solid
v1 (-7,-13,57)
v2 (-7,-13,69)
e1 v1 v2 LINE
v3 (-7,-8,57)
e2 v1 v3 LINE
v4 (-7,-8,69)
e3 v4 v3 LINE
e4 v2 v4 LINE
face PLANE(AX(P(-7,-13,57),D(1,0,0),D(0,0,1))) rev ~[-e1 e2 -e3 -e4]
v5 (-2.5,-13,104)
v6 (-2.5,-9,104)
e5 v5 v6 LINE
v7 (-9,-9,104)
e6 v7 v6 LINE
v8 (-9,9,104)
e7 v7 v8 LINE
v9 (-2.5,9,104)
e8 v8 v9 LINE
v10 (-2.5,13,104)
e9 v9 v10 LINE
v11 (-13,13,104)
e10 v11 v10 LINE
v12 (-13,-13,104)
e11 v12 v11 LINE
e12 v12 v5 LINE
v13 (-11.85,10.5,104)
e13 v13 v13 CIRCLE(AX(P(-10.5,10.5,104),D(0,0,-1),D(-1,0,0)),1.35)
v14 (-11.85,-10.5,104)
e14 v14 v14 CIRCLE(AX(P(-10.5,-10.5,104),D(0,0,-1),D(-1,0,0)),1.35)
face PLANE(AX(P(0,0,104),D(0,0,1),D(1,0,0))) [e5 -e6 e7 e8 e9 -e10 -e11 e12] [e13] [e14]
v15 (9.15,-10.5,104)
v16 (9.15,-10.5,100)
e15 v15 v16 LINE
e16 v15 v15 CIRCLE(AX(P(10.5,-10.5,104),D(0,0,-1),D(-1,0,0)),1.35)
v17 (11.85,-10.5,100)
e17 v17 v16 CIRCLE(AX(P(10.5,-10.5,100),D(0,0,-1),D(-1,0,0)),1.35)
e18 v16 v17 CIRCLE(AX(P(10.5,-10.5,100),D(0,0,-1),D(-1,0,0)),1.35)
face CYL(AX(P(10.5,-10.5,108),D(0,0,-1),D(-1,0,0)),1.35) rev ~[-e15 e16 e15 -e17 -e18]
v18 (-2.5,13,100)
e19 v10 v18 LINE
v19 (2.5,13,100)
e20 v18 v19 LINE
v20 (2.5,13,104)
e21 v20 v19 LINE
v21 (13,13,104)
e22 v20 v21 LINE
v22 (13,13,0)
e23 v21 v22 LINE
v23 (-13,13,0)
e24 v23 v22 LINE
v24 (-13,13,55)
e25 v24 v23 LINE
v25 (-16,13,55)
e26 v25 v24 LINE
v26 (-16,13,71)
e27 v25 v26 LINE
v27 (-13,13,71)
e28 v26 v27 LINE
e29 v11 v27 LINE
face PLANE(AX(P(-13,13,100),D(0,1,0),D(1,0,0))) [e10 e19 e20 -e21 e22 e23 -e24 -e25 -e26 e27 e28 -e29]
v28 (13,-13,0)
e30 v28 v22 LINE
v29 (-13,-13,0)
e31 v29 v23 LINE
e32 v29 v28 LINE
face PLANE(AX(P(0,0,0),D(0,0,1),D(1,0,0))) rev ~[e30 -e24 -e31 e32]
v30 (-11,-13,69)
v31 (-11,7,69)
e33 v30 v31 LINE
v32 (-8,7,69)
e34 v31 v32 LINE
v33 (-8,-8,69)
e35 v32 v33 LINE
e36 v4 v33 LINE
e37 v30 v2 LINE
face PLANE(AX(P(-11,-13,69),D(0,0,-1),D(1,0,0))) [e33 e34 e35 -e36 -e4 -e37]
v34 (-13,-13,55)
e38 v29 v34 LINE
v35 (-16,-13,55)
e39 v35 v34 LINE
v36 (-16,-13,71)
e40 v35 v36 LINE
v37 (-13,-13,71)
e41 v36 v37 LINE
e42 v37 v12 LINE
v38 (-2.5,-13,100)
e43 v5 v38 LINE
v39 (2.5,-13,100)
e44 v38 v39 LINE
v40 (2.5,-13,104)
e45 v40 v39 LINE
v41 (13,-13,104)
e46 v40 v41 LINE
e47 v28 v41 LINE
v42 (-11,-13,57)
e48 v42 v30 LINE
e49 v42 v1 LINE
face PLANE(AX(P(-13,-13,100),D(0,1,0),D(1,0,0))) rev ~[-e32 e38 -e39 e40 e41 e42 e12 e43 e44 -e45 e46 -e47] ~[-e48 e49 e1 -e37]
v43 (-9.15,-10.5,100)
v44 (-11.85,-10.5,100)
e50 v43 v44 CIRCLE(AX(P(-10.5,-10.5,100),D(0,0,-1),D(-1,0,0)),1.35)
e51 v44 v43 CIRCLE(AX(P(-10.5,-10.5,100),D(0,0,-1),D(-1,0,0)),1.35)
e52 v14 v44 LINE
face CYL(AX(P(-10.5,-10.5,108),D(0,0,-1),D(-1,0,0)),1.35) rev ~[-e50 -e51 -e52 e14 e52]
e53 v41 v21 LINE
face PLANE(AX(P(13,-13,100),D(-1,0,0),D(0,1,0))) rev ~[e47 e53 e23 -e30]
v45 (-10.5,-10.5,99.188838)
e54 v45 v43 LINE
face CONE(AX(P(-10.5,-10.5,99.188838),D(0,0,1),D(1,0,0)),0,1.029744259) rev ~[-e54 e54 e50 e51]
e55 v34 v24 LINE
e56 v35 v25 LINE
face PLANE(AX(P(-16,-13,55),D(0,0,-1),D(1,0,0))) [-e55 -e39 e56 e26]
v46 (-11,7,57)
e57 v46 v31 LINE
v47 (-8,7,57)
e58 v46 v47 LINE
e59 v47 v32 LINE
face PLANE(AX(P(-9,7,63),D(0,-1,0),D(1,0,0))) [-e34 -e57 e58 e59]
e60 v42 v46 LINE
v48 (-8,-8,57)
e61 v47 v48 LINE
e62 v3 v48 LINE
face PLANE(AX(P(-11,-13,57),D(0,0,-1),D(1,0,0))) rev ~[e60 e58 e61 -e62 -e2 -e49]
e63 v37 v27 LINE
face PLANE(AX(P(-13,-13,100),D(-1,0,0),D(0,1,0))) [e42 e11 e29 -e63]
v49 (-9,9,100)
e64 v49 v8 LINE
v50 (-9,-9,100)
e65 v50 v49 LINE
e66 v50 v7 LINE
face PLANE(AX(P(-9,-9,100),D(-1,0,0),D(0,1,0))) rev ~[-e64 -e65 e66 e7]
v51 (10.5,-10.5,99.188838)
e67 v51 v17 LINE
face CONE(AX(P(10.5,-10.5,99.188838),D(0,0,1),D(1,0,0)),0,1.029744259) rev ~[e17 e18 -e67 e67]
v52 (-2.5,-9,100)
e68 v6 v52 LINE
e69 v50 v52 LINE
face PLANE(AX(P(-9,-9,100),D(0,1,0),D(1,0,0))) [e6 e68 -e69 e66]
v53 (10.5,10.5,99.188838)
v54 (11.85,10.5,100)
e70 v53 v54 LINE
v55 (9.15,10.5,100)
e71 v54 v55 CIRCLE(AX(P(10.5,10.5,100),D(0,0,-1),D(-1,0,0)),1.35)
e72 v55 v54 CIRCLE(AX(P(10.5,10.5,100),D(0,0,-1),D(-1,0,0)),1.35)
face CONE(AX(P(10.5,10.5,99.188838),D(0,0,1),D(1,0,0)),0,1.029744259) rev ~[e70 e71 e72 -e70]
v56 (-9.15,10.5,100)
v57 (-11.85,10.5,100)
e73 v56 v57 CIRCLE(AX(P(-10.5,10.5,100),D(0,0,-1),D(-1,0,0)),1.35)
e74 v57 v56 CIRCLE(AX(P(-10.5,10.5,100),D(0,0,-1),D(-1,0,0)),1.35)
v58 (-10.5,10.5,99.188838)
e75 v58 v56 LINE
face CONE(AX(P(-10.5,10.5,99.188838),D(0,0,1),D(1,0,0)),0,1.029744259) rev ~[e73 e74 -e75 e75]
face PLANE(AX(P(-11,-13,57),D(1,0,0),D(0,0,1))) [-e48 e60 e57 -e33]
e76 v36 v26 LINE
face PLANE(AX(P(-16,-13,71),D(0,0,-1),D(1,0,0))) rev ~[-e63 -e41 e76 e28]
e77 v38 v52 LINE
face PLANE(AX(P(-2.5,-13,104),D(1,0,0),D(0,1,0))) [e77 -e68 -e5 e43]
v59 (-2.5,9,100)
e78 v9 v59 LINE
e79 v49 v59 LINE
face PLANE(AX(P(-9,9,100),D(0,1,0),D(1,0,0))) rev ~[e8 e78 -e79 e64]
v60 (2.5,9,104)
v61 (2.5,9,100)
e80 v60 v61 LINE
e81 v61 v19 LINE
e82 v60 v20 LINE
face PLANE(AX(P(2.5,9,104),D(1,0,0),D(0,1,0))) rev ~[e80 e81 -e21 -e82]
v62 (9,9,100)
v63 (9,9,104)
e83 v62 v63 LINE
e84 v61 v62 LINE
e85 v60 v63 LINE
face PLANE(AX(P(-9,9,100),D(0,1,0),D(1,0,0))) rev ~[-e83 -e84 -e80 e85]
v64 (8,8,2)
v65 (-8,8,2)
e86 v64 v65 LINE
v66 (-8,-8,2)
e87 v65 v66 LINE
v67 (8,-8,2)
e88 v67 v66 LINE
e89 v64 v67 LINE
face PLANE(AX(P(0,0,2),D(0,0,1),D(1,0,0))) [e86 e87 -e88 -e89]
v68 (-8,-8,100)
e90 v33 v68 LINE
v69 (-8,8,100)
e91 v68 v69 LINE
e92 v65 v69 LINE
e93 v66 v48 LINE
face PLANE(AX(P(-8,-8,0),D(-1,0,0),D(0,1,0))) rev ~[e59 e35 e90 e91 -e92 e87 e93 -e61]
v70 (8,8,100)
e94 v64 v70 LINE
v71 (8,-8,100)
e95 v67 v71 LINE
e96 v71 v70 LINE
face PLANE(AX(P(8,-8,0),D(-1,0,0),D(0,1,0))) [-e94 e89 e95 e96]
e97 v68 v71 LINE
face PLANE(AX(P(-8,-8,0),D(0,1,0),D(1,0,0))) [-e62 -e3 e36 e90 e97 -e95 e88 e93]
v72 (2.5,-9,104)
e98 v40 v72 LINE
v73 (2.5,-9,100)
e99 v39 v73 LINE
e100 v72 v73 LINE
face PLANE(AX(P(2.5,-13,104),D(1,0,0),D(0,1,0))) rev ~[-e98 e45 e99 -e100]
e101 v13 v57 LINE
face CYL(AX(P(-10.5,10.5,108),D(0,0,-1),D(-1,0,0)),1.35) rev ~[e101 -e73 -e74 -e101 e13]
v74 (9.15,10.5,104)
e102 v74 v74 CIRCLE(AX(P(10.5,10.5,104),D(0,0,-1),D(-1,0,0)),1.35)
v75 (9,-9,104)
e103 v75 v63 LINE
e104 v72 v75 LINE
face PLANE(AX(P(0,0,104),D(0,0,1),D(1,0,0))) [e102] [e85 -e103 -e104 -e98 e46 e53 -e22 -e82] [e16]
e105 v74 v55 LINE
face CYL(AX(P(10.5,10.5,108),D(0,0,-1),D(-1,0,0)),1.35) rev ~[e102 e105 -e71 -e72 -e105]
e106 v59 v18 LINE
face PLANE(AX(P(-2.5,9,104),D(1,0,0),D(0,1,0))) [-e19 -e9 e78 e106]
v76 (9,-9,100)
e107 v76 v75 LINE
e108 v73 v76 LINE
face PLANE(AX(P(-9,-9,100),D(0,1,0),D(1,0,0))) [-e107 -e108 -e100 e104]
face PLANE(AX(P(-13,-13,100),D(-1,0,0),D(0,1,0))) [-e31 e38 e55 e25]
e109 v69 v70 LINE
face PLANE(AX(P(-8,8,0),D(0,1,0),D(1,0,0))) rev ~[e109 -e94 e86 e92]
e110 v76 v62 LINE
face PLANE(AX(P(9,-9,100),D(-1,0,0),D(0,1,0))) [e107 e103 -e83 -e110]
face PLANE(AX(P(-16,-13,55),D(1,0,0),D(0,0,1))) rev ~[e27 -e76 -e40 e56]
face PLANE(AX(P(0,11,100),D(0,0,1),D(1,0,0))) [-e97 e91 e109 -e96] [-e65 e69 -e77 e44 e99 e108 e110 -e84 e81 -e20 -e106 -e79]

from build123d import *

# Parameters (mm, degrees)
F0_W      = 26
F0_H      = 26
F0_W_2    = 16
F0_H_2    = 16
F1_DEPTH  = 2
F2_DEPTH  = 100
F3_W      = 26
F3_H      = 26
F3_W_2    = 18
F3_H_2    = 18
F4_DEPTH  = 4
F5_W      = 5
F5_H      = 4
F6_DEPTH  = 4
F7_D      = 2.7
F7_DEPTH  = 4
F7_TIP    = 0.8111618357
F9_W      = 3
F9_H      = 16
F10_DEPTH = 26
F11_W     = 4
F11_H     = 12
F12_DEPTH = 20


with BuildPart() as f1:
    # F0 (on Top) → F1 (new body)
    with BuildSketch(Plane.XY):
        Rectangle(F0_W, F0_H)
        Rectangle(F0_W_2, F0_H_2, mode=Mode.SUBTRACT)
        Rectangle(F0_W_2, F0_H_2)
    extrude(amount=F1_DEPTH)

    # F0 (on Top) → F2 (join)
    with BuildSketch(Plane.XY):
        Rectangle(F0_W, F0_H)
        Rectangle(F0_W_2, F0_H_2, mode=Mode.SUBTRACT)
    extrude(amount=F2_DEPTH)

    # F3 (on face) → F4 (join)
    with BuildSketch(Plane.XY.offset(100)):
        Rectangle(F3_W, F3_H)
        Rectangle(F3_W_2, F3_H_2, mode=Mode.SUBTRACT)
    extrude(amount=F4_DEPTH)

    # F5 (on face) → F6 (cut, through all)
    with BuildSketch(Plane.XY.offset(104)):
        with Locations((0, -11)):
            Rectangle(F5_W, F5_H)
        with Locations((0, 11)):
            Rectangle(F5_W, F5_H)
    extrude(amount=-F6_DEPTH, mode=Mode.SUBTRACT)

    # F7
    with Locations(Plane.XY.offset(104)):
        with Locations((-10.5, 10.5), (10.5, 10.5), (-10.5, -10.5), (10.5, -10.5)):
            Hole(F7_D / 2, depth=F7_DEPTH)
            with Locations((0, 0, -(F7_DEPTH + F7_TIP / 2))):  # 118° drill point
                Cone(0, F7_D / 2, F7_TIP, mode=Mode.SUBTRACT)

    # F9 (on face) → F10 (join)
    with BuildSketch(Plane.XZ.offset(13)):
        with Locations((-14.5, 63)):
            Rectangle(F9_W, F9_H)
    extrude(amount=-F10_DEPTH)

    # F11 (on face) → F12 (cut)
    with BuildSketch(Plane.XZ.offset(13)):
        with Locations((-9, 63)):
            Rectangle(F11_W, F11_H)
    extrude(amount=-F12_DEPTH, mode=Mode.SUBTRACT)


solid = f1.part
